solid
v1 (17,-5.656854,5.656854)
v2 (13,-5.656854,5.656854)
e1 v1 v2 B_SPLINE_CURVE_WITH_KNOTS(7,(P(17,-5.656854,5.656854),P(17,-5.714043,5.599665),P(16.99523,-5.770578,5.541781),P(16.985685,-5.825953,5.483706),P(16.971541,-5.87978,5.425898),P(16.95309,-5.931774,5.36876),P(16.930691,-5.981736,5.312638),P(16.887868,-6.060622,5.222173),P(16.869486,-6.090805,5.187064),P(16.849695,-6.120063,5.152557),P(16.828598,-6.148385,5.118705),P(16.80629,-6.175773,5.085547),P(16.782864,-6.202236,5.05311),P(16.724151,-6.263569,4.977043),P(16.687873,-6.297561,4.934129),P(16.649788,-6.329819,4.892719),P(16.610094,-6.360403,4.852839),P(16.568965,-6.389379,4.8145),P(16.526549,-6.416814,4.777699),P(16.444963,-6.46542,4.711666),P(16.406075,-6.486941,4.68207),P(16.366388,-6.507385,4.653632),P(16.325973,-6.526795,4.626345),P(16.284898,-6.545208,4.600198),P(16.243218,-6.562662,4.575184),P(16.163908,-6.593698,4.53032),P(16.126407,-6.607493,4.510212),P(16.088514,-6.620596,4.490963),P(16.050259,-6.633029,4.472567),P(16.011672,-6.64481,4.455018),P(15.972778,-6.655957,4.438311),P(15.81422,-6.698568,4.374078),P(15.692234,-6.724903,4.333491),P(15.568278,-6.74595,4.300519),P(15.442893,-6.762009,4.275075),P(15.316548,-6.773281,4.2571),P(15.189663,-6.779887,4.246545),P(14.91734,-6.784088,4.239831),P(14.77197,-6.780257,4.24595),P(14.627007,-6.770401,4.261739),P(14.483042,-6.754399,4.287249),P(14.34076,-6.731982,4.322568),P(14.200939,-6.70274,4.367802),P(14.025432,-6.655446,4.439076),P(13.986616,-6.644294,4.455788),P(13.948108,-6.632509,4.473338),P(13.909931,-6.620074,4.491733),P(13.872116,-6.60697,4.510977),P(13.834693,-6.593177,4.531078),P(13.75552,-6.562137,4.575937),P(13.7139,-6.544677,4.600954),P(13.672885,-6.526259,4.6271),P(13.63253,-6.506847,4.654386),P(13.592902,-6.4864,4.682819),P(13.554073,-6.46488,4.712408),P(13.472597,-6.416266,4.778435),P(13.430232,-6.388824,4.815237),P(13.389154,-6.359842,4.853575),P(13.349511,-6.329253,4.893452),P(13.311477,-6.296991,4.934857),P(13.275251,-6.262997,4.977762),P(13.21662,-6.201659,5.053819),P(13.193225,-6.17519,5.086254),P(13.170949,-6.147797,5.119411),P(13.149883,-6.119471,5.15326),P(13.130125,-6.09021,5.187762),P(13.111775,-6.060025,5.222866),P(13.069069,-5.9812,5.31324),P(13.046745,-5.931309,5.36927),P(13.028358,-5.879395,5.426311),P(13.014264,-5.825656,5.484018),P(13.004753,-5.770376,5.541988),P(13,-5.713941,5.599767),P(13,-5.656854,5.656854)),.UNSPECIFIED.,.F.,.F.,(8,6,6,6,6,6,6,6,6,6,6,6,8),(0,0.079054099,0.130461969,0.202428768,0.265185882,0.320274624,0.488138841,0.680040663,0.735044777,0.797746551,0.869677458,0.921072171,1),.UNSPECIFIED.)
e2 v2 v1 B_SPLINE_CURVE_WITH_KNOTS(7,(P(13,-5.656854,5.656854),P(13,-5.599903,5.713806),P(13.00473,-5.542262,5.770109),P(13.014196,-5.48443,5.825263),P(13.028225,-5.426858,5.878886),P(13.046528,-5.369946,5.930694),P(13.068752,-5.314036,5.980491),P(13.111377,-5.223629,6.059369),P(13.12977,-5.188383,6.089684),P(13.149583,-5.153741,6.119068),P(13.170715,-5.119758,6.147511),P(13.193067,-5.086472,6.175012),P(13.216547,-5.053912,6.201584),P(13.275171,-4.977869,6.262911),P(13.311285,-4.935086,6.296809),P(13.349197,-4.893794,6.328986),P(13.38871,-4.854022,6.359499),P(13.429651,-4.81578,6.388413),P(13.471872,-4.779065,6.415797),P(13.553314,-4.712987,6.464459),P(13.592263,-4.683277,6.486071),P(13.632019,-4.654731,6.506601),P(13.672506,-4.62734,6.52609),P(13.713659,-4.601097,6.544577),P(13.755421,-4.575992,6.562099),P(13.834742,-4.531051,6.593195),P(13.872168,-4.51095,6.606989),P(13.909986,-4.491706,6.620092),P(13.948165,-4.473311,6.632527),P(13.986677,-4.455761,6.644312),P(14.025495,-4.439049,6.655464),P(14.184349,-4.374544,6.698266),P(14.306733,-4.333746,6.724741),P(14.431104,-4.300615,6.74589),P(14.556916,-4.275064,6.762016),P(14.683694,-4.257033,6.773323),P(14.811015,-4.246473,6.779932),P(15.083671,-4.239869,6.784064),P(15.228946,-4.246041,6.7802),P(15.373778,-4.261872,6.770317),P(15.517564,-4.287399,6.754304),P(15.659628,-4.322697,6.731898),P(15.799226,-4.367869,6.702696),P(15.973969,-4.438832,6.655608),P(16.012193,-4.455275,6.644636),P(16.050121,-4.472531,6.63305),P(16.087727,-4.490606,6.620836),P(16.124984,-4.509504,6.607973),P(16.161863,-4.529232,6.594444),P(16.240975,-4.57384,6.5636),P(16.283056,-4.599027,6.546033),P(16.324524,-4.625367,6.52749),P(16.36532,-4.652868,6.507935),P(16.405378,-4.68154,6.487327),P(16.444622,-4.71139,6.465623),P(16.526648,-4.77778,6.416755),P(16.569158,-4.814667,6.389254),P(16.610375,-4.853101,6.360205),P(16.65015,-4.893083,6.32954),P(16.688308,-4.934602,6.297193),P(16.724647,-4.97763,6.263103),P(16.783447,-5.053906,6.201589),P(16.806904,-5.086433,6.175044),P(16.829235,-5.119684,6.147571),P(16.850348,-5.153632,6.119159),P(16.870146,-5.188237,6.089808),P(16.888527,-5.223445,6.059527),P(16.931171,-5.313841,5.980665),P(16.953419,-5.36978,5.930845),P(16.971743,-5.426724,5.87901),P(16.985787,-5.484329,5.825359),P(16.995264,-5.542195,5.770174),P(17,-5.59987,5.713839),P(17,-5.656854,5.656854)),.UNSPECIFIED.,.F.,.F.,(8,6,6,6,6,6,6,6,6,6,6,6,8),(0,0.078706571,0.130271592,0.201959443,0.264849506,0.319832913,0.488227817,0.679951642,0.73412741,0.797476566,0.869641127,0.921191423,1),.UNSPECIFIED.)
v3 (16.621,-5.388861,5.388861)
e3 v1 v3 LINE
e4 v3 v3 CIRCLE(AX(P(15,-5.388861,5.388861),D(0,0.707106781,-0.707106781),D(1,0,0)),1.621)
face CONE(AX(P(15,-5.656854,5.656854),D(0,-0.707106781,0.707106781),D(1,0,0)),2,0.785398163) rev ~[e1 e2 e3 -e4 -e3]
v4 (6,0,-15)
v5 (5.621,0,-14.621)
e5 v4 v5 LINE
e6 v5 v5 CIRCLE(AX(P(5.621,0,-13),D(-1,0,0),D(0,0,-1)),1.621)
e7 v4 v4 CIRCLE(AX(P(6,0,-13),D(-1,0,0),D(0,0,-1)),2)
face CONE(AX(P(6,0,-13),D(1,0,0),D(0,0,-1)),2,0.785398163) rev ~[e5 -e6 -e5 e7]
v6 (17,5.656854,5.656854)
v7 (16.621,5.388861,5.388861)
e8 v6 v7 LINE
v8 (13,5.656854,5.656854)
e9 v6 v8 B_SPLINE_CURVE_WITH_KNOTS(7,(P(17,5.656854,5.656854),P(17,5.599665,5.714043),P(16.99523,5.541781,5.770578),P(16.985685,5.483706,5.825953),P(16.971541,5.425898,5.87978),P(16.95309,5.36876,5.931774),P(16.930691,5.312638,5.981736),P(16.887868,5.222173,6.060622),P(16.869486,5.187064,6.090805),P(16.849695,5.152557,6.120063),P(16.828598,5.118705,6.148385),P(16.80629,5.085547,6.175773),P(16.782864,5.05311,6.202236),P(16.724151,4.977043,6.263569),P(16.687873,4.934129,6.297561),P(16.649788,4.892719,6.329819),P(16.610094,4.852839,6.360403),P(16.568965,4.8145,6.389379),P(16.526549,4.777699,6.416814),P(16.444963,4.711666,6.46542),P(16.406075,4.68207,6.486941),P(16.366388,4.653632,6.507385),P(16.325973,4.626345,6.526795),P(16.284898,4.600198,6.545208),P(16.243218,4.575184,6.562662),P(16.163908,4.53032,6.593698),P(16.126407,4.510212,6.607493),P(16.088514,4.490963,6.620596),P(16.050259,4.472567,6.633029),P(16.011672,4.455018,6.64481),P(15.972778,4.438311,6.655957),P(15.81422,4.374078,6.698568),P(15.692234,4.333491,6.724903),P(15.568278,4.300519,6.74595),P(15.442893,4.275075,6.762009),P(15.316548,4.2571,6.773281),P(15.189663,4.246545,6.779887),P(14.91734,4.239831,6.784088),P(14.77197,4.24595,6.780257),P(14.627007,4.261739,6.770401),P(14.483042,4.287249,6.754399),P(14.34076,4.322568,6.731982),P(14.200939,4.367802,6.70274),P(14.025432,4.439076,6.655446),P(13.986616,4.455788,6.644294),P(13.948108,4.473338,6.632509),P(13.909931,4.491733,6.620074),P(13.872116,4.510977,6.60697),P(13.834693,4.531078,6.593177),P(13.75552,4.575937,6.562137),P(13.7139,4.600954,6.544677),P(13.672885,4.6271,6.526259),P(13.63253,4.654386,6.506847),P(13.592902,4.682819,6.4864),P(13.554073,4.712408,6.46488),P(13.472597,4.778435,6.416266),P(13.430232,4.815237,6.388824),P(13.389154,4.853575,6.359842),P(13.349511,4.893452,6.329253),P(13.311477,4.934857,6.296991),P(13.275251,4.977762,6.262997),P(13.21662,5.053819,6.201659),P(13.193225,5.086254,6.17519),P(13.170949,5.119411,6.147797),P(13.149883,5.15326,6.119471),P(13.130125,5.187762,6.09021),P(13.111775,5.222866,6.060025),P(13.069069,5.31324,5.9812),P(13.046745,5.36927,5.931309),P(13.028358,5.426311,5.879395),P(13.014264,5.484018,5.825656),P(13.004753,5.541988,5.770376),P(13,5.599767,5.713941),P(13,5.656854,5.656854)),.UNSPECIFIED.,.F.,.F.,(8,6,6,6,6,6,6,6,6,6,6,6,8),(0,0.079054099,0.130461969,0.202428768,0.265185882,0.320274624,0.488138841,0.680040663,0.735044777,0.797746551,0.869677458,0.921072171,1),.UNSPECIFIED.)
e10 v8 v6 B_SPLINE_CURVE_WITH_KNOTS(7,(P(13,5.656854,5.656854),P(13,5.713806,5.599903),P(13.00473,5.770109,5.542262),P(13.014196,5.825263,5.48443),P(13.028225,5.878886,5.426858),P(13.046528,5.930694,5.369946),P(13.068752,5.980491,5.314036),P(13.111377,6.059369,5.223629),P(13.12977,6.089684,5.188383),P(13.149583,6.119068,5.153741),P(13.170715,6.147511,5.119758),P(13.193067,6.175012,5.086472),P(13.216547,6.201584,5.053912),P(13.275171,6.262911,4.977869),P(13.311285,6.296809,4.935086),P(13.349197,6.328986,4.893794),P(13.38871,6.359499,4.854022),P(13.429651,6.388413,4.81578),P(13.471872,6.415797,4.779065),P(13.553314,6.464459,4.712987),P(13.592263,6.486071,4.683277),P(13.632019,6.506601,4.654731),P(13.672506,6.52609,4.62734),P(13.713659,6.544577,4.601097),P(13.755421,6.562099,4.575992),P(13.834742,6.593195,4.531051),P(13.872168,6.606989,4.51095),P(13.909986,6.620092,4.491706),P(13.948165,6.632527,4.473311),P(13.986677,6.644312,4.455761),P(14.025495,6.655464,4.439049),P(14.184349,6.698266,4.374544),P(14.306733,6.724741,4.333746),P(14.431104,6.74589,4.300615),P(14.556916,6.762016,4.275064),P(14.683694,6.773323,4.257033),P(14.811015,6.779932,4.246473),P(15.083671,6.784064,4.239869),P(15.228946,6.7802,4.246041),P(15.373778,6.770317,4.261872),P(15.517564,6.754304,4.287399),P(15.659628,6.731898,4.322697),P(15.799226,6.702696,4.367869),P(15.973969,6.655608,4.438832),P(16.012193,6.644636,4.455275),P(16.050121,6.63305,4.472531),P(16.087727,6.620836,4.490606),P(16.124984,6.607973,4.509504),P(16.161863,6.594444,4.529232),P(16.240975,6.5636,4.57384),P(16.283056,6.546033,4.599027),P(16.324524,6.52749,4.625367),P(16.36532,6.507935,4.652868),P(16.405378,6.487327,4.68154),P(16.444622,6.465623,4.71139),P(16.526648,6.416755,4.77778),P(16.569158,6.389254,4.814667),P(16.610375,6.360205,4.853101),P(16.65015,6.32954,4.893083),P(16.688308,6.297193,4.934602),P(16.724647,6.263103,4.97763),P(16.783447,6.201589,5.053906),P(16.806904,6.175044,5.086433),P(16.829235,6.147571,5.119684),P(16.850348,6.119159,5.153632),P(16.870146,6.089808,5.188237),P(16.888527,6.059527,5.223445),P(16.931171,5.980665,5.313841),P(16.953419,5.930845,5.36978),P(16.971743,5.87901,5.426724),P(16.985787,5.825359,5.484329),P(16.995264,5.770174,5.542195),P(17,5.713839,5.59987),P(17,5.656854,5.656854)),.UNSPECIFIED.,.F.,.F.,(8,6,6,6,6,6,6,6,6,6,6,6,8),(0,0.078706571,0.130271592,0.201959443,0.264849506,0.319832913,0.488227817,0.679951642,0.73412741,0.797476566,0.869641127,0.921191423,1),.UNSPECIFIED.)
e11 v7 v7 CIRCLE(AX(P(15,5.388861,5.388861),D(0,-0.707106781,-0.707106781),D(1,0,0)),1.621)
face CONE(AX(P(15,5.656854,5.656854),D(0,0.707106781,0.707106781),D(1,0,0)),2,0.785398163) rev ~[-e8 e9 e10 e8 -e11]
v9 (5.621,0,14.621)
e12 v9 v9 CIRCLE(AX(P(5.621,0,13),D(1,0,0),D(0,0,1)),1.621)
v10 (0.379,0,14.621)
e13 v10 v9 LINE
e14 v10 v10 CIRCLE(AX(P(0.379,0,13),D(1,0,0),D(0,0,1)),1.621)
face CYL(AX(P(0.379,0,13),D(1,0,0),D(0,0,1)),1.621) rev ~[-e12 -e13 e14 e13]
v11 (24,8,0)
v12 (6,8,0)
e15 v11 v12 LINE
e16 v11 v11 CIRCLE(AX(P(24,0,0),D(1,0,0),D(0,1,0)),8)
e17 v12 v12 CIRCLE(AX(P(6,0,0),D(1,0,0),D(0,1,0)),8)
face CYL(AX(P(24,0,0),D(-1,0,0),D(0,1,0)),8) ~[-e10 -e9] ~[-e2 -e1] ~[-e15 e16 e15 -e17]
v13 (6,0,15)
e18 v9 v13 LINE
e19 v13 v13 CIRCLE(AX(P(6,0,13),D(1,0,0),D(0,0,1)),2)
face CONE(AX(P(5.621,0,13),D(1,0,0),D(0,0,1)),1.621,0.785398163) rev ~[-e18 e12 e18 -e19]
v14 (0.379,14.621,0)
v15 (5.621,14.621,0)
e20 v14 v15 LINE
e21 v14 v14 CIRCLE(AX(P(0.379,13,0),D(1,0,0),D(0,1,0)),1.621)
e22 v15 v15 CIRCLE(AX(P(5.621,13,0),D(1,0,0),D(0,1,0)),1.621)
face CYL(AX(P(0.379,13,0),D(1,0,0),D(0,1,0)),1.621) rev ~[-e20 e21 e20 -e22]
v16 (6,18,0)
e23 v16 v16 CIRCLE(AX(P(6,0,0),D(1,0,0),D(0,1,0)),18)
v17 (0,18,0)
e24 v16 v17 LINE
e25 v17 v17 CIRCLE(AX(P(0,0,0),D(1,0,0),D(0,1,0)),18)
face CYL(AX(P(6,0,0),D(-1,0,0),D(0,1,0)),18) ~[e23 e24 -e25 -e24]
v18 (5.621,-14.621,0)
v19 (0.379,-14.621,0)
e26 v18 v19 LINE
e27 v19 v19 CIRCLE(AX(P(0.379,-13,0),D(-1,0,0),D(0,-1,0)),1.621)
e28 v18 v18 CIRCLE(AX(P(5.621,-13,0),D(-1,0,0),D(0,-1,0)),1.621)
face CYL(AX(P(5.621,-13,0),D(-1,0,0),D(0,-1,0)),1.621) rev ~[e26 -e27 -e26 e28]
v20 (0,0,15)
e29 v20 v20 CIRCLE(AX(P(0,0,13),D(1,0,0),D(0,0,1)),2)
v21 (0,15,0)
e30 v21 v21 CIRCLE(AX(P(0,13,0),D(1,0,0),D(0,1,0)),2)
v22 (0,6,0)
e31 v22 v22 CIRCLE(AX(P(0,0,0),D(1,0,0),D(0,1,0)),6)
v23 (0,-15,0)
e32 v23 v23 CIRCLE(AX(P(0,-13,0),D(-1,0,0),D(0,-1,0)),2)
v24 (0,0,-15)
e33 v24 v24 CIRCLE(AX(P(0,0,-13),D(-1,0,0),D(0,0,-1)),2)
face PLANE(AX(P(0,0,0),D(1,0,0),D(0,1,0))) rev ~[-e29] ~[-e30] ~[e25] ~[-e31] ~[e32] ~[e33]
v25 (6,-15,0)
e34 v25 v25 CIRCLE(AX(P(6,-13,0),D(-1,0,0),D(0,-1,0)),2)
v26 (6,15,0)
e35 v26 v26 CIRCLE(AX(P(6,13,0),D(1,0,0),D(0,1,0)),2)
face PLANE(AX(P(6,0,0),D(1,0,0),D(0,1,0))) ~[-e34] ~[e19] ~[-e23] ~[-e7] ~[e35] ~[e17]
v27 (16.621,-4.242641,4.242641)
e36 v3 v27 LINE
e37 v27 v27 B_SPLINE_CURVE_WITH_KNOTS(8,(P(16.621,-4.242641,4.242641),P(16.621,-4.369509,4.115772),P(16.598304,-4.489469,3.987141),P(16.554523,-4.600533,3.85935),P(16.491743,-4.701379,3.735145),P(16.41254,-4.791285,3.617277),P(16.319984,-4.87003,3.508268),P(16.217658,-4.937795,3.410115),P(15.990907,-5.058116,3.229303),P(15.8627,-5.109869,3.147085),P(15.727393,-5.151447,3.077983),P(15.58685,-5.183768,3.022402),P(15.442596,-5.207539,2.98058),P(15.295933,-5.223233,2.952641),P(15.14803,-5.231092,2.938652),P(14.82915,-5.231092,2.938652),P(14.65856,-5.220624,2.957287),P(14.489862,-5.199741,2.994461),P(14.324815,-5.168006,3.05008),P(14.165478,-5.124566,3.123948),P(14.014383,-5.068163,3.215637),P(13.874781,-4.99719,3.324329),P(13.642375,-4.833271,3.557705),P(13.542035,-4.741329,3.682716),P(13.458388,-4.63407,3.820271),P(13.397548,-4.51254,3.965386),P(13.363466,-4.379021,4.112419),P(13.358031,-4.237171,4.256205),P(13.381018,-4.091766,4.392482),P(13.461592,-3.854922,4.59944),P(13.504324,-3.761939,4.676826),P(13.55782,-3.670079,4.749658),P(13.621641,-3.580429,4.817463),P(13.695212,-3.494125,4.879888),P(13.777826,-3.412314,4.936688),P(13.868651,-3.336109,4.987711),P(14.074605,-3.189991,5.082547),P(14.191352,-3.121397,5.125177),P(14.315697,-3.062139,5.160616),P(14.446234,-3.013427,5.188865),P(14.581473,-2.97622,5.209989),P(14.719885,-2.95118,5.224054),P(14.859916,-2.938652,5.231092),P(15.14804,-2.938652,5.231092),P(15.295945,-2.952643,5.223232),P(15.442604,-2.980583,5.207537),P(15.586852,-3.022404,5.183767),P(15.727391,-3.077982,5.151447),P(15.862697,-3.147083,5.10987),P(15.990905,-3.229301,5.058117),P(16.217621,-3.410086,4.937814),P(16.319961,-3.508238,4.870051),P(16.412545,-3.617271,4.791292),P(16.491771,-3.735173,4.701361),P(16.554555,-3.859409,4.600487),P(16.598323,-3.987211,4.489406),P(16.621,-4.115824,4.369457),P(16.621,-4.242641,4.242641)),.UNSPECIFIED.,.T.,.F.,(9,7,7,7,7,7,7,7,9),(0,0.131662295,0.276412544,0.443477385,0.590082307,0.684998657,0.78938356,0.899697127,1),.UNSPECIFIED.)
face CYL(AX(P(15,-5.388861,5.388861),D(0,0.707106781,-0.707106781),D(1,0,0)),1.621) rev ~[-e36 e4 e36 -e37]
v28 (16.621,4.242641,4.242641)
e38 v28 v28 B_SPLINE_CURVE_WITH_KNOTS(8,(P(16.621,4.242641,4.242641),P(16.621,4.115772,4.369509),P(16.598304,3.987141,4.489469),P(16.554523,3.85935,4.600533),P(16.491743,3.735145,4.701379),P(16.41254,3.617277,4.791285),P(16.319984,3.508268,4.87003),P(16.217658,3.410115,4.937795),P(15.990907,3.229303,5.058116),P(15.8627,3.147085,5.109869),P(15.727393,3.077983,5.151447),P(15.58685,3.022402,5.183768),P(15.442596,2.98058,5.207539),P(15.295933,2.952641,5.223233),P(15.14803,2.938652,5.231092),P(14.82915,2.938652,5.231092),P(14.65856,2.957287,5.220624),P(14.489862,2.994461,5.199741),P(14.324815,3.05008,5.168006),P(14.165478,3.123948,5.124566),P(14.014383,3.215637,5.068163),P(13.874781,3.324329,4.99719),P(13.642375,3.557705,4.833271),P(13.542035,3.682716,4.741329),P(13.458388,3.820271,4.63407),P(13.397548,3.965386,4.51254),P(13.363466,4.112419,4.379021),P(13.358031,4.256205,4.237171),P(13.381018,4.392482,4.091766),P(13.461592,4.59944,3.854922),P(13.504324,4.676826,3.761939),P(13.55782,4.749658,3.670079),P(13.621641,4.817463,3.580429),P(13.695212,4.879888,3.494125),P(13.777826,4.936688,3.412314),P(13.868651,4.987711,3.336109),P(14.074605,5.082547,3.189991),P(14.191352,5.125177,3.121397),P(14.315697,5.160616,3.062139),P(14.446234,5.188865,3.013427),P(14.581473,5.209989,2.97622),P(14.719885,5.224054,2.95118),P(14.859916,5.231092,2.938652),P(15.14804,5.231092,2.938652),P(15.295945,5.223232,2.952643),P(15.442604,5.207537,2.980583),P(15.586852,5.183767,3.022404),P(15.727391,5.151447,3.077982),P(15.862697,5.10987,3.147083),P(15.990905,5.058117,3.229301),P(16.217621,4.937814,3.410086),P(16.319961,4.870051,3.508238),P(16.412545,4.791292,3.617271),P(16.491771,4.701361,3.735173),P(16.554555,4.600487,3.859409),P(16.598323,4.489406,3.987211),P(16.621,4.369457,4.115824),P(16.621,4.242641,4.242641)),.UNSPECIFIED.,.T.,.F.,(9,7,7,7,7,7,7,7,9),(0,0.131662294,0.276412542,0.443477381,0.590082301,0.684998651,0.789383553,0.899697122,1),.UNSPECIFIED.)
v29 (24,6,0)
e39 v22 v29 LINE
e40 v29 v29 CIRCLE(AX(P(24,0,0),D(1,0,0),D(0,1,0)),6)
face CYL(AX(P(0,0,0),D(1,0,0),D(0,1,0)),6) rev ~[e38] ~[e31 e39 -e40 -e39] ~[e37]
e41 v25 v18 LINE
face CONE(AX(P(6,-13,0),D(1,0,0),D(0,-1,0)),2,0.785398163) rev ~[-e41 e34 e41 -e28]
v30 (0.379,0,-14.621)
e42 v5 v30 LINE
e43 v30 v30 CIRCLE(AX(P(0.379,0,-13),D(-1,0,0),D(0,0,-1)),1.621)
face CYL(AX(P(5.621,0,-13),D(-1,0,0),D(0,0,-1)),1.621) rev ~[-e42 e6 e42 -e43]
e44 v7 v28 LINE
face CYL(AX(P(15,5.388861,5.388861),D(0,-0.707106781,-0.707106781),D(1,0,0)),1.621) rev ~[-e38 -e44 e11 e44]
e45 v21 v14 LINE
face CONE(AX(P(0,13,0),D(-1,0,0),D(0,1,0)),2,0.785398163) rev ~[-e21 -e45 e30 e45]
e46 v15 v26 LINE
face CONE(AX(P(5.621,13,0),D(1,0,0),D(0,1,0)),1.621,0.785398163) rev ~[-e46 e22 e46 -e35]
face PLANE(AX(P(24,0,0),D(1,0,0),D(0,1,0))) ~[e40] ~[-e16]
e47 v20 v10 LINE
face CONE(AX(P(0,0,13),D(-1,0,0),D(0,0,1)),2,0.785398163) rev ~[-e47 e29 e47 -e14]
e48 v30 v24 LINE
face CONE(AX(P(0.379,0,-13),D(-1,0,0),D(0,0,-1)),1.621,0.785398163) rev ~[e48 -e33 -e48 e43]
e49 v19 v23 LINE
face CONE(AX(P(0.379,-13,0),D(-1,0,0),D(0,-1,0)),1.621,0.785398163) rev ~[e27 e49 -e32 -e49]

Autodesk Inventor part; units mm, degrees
sketch "Sketch_1" plane through (0, 0, 0) normal (0, 0, 1) x (1, 0, 0)
  line L0 (24, 0) -> (0, 0)
  line L1 (0, 18) -> (0, 6)
  line L2 (0, 6) -> (24, 6)
  line L3 (24, 6) -> (24, 8)
  line L4 (24, 8) -> (6, 8)
  line L5 (6, 8) -> (6, 18)
  line L6 (6, 18) -> (0, 18)
revolve "Revolution1" add sketch "Sketch_1" angle 360 about axis through (24, 0, 0) along (1, 0, 0)
sketch "Sketch_3" plane through (0, 0, 0) normal (0, -0.7071, 0.7071) x (1, 0, 0)
  line L0 (15, 5.5) -> (15, 8)
  line L1 (15, 8) -> (17, 8)
  line L2 (17, 8) -> (16.621, 7.621)
  line L3 (16.621, 7.621) -> (16.621, 5.5)
  line L4 (16.621, 5.5) -> (15, 5.5)
  line L5 (15, 5.5) -> (15, 8)
revolve "Revolution2" cut sketch "Sketch_3" angle 360 about axis through (15, 3.8891, 3.8891) along (0, -0.7071, -0.7071)
thread "Thread1" size "M4x0.7" class "6H" standard "ISO Metric profile" length 2.121
sketch "Sketch_2" plane through (0, 0, 0) normal (0, -0.7071, -0.7071) x (1, 0, 0)
  line L0 (15, 5.5) -> (15, 8)
  line L1 (15, 8) -> (17, 8)
  line L2 (17, 8) -> (16.621, 7.621)
  line L3 (16.621, 7.621) -> (16.621, 5.5)
  line L4 (16.621, 5.5) -> (15, 5.5)
  line L5 (15, 5.5) -> (15, 8)
revolve "Revolution3" cut sketch "Sketch_2" angle 360 about axis through (15, -3.8891, 3.8891) along (0, 0.7071, -0.7071)
thread "Thread2" size "M4x0.7" class "6H" standard "ISO Metric profile" length 2.121
sketch "Sketch_4" plane through (0, 0, 0) normal (0, 0, 1) x (1, 0, 0)
  line L0 (6, 13) -> (0, 13)
  line L1 (0, 13) -> (0, 15)
  line L2 (0, 15) -> (0.379, 14.621)
  line L3 (0.379, 14.621) -> (5.621, 14.621)
  line L4 (5.621, 14.621) -> (6, 15)
  line L5 (6, 15) -> (6, 13)
  line L6 (6, 13) -> (0, 13)
revolve "Revolution4" cut sketch "Sketch_4" angle 360 about axis through (6, 13, 0) along (1, 0, 0)
thread "Thread3" size "M4x0.7" class "6H" standard "ISO Metric profile" full length
sketch "Sketch_9" plane through (0, 0, 0) normal (0, -1, 0) x (1, 0, 0)
  line L0 (0, -13) -> (6, -13)
  line L1 (6, -13) -> (6, -15)
  line L2 (6, -15) -> (5.621, -14.621)
  line L3 (5.621, -14.621) -> (0.379, -14.621)
  line L4 (0.379, -14.621) -> (0, -15)
  line L5 (0, -15) -> (0, -13)
  line L6 (0, -13) -> (6, -13)
revolve "Revolution5" cut sketch "Sketch_9" angle 360 about axis through (0, 0, -13) along (-1, 0, 0)
thread "Thread4" size "M4x0.7" class "6H" standard "ISO Metric profile" full length
sketch "Sketch_10" plane through (0, 0, 0) normal (0, 0, 1) x (1, 0, 0)
  line L0 (0, -13) -> (6, -13)
  line L1 (6, -13) -> (6, -15)
  line L2 (6, -15) -> (5.621, -14.621)
  line L3 (5.621, -14.621) -> (0.379, -14.621)
  line L4 (0.379, -14.621) -> (0, -15)
  line L5 (0, -15) -> (0, -13)
  line L6 (0, -13) -> (6, -13)
revolve "Revolution6" cut sketch "Sketch_10" angle 360 about axis through (0, -13, 0) along (-1, 0, 0)
thread "Thread5" size "M4x0.7" class "6H" standard "ISO Metric profile" full length
sketch "Sketch_11" plane through (0, 0, 0) normal (0, -1, 0) x (1, 0, 0)
  line L0 (6, 13) -> (0, 13)
  line L1 (0, 13) -> (0, 15)
  line L2 (0, 15) -> (0.379, 14.621)
  line L3 (0.379, 14.621) -> (5.621, 14.621)
  line L4 (5.621, 14.621) -> (6, 15)
  line L5 (6, 15) -> (6, 13)
  line L6 (6, 13) -> (0, 13)
revolve "Revolution7" cut sketch "Sketch_11" angle 360 about axis through (6, 0, 13) along (1, 0, 0)
thread "Thread6" size "M4x0.7" class "6H" standard "ISO Metric profile" full length
ref_plane "to_screw1_XY" through (15, 4.2426, 4.2426) normal (0, 0.7071, 0.7071) x (1, 0, 0)
ref_plane "to_screw1_YZ" through (15, 4.2426, 4.2426) normal (1, 0, 0) x (0, 0.7071, -0.7071)
ref_plane "to_screw1_ZX" through (15, 4.2426, 4.2426) normal (0, 0.7071, -0.7071) x (0, 0.7071, 0.7071)
ref_plane "to_screw2_XY" through (15, -4.2426, 4.2426) normal (0, -0.7071, 0.7071) x (1, 0, 0)
ref_plane "to_screw2_YZ" through (15, -4.2426, 4.2426) normal (1, 0, 0) x (0, 0.7071, 0.7071)
ref_plane "to_screw2_ZX" through (15, -4.2426, 4.2426) normal (0, 0.7071, 0.7071) x (0, -0.7071, 0.7071)
properties part number "SSTHRT12-MB_b"
